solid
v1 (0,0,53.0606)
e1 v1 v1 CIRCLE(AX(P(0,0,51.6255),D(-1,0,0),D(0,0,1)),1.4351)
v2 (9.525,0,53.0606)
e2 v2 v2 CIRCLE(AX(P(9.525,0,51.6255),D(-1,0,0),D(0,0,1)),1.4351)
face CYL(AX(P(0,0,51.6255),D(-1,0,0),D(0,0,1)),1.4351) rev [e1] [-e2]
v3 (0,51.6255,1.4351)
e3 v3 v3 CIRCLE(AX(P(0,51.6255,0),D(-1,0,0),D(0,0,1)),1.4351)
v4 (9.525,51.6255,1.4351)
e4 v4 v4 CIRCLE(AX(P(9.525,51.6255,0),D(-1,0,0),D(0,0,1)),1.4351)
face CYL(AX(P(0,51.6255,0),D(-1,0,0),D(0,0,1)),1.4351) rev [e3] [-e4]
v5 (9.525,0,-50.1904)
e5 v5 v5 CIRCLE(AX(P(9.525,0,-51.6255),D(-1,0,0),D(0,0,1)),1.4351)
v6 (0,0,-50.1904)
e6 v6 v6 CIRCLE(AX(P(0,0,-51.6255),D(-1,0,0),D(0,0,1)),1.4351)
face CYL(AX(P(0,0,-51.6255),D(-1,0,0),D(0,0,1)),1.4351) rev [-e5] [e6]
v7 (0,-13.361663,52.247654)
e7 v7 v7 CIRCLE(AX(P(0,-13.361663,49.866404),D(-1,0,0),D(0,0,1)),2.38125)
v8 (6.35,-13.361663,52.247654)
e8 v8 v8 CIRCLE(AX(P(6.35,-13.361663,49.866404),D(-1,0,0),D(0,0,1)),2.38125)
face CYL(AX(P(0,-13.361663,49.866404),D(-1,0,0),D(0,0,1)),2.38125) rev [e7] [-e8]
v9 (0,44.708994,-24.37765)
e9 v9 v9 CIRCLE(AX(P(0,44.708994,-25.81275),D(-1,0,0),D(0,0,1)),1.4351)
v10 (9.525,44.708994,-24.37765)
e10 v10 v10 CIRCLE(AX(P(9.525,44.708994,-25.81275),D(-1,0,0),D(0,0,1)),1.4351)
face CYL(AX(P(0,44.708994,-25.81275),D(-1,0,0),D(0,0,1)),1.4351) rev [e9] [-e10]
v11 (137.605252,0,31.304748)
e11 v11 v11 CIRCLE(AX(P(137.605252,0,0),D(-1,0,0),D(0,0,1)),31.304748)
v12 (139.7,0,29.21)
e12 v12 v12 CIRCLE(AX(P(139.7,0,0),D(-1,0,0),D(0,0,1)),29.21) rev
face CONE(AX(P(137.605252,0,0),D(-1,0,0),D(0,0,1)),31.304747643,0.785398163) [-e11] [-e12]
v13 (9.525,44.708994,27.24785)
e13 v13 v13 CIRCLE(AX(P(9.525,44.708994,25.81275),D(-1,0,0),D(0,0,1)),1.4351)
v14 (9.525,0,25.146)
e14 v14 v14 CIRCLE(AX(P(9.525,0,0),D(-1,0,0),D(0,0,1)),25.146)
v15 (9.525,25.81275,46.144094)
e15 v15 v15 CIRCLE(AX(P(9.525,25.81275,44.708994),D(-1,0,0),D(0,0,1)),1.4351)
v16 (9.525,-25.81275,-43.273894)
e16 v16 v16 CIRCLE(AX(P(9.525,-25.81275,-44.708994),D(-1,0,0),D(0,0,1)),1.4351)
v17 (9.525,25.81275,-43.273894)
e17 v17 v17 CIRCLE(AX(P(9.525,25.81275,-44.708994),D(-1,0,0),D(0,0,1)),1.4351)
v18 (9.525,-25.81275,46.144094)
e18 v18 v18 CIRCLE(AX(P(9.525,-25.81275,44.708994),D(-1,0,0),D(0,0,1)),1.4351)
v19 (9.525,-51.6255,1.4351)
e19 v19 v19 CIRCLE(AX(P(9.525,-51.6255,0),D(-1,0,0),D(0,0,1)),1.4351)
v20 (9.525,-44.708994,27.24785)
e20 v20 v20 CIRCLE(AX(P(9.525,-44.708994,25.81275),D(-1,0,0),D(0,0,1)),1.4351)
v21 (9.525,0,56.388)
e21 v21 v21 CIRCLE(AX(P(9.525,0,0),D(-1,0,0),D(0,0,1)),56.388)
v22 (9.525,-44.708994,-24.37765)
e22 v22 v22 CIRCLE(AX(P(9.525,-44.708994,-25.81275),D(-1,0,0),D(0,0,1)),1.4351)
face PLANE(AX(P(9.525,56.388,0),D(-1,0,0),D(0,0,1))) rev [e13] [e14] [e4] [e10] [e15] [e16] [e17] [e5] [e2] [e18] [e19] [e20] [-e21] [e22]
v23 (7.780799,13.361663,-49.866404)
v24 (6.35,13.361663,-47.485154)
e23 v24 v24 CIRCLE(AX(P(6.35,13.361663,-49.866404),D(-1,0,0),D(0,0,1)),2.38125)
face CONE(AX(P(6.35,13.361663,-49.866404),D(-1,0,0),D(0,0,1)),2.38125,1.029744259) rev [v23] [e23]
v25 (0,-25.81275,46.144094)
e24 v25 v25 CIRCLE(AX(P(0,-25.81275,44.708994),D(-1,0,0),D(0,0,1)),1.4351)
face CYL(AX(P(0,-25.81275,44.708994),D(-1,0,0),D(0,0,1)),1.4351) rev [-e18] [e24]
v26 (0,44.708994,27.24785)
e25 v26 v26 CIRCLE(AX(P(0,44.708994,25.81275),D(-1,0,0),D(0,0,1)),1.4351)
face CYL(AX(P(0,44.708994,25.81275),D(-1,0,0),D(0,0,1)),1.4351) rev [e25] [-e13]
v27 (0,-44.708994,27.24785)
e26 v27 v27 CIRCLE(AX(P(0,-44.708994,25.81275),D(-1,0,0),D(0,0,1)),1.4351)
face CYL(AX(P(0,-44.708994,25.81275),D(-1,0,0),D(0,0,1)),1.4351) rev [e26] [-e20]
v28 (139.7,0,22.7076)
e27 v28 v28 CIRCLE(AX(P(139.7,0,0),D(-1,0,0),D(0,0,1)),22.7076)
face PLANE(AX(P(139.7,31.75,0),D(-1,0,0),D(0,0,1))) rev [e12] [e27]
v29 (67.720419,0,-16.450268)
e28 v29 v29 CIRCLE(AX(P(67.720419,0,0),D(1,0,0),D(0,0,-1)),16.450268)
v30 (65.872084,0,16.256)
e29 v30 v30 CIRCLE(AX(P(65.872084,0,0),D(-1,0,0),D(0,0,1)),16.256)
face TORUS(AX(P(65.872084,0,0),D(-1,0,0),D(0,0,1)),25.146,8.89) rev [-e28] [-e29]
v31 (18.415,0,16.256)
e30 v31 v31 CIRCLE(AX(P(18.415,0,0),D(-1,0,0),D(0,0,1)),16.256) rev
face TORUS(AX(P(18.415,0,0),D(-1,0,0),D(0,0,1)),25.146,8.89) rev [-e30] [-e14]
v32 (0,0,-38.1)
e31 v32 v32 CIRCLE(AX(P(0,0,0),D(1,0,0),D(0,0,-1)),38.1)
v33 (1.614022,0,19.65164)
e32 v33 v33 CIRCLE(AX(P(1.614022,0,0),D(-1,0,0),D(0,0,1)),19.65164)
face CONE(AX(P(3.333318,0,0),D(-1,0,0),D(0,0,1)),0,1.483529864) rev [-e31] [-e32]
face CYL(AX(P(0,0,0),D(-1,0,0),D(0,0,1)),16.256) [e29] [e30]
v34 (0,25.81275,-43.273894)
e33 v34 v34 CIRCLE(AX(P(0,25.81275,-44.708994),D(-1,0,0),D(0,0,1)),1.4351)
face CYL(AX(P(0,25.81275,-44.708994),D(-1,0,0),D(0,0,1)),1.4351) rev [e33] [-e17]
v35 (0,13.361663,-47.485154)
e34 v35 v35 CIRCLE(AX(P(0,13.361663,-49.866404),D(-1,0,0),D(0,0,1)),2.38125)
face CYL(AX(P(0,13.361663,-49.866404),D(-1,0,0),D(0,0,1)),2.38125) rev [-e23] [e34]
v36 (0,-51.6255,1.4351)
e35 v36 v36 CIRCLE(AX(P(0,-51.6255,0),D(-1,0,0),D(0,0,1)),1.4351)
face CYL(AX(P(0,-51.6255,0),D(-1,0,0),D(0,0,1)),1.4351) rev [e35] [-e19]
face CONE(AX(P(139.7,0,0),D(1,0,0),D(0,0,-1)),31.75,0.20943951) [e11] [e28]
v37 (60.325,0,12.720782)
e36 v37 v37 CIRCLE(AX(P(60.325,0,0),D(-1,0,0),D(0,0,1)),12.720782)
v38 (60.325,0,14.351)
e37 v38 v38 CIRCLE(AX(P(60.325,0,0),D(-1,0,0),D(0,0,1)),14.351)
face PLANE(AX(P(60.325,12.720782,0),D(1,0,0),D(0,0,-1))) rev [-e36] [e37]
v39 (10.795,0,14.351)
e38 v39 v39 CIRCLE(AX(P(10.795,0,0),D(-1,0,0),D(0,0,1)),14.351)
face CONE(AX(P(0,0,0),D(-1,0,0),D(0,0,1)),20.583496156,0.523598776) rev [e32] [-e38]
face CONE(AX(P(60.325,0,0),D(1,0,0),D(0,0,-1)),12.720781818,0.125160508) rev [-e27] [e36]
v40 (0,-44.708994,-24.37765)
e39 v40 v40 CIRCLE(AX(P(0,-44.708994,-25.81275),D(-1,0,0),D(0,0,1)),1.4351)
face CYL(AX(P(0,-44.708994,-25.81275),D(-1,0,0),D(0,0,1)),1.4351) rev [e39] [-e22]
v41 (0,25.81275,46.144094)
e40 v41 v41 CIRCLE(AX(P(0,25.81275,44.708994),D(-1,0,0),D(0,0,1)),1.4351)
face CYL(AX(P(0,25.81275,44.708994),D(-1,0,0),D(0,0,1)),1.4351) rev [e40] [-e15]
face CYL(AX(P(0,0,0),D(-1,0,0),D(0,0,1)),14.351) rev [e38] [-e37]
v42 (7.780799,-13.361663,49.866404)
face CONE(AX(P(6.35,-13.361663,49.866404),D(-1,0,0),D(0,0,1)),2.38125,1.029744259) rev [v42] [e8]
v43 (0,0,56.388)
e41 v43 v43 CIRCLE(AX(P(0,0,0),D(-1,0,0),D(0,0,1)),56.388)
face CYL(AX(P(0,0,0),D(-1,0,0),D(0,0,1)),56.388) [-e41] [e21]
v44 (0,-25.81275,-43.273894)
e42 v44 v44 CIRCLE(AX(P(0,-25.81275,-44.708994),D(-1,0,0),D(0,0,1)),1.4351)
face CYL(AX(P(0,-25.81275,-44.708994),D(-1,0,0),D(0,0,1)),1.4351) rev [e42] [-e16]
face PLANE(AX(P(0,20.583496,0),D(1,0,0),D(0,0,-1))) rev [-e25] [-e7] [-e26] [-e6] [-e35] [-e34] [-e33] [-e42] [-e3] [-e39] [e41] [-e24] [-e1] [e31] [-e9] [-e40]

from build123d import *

# Parameters (mm, degrees)
FLANGE_HOLES_D     = 2.8702
FLANGE_HOLES_DEPTH = 9.525
DOWEL_HOLES_D      = 4.7625
DOWEL_HOLES_DEPTH  = 6.35
DOWEL_HOLES_TIP    = 1.430799349
FILLET1_R          = 8.89
CHAMFER1_SIZE2     = 2.54
CHAMFER1_SIZE      = 2.141545552


with BuildPart() as part:
    # Sketch2 → Main Structure (revolve)
    with BuildSketch(Plane.XY):
        Polygon((0, 20.583496156), (0, 56.388), (9.525, 56.388), (9.525, 16.256), (66.806461084, 16.256), (139.7, 31.75), (139.7, 22.7076), (60.325, 12.720781818), (60.325, 14.351), (10.795, 14.351), align=None)
    revolve(axis=Axis((0, 0, 0), (1, 0, 0)))

    # Flange Holes
    with Locations(Plane.ZY):
        with Locations((0, -51.6255), (-25.81275, -44.708994483), (-44.708994483, -25.81275), (-51.6255, 0), (-44.708994483, 25.81275), (-25.81275, 44.708994483), (0, 51.6255), (25.81275, 44.708994483), (44.708994483, 25.81275), (51.6255, 0), (44.708994483, -25.81275), (25.81275, -44.708994483)):
            Hole(FLANGE_HOLES_D / 2, depth=FLANGE_HOLES_DEPTH)

    # Dowel Holes
    with Locations(Plane.ZY):
        with Locations((49.866403745, -13.361662613), (-49.866403745, 13.361662613)):
            Hole(DOWEL_HOLES_D / 2, depth=DOWEL_HOLES_DEPTH)
            with Locations((0, 0, -(DOWEL_HOLES_DEPTH + DOWEL_HOLES_TIP / 2))):  # 118° drill point
                Cone(0, DOWEL_HOLES_D / 2, DOWEL_HOLES_TIP, mode=Mode.SUBTRACT)

    # Fillet1
    fillet1_edges = [part.edges().sort_by_distance(p)[0] for p in [
        (66.806461084, -16.256, 0),
        (9.525, -16.256, 0),
    ]]
    fillet(fillet1_edges, radius=FILLET1_R)

    # Sketch13 → Cut-Revolve1 (revolve, cut)
    with BuildSketch(Plane(origin=(0, 0, 0), x_dir=(1, 0, 0), z_dir=(0, 1, 0))):
        Polygon((0, 38.1), (3.33331808, 0), (0, 0), align=None)
    revolve(axis=Axis((3.33331808, 0, 0), (-1, 0, 0)), mode=Mode.SUBTRACT)

    # Chamfer1
    chamfer1_edges = [part.edges().sort_by_distance(p)[0] for p in [
        (139.7, -31.75, 0),
    ]]
    chamfer(chamfer1_edges, length=CHAMFER1_SIZE, length2=CHAMFER1_SIZE2)


solid = part.part
